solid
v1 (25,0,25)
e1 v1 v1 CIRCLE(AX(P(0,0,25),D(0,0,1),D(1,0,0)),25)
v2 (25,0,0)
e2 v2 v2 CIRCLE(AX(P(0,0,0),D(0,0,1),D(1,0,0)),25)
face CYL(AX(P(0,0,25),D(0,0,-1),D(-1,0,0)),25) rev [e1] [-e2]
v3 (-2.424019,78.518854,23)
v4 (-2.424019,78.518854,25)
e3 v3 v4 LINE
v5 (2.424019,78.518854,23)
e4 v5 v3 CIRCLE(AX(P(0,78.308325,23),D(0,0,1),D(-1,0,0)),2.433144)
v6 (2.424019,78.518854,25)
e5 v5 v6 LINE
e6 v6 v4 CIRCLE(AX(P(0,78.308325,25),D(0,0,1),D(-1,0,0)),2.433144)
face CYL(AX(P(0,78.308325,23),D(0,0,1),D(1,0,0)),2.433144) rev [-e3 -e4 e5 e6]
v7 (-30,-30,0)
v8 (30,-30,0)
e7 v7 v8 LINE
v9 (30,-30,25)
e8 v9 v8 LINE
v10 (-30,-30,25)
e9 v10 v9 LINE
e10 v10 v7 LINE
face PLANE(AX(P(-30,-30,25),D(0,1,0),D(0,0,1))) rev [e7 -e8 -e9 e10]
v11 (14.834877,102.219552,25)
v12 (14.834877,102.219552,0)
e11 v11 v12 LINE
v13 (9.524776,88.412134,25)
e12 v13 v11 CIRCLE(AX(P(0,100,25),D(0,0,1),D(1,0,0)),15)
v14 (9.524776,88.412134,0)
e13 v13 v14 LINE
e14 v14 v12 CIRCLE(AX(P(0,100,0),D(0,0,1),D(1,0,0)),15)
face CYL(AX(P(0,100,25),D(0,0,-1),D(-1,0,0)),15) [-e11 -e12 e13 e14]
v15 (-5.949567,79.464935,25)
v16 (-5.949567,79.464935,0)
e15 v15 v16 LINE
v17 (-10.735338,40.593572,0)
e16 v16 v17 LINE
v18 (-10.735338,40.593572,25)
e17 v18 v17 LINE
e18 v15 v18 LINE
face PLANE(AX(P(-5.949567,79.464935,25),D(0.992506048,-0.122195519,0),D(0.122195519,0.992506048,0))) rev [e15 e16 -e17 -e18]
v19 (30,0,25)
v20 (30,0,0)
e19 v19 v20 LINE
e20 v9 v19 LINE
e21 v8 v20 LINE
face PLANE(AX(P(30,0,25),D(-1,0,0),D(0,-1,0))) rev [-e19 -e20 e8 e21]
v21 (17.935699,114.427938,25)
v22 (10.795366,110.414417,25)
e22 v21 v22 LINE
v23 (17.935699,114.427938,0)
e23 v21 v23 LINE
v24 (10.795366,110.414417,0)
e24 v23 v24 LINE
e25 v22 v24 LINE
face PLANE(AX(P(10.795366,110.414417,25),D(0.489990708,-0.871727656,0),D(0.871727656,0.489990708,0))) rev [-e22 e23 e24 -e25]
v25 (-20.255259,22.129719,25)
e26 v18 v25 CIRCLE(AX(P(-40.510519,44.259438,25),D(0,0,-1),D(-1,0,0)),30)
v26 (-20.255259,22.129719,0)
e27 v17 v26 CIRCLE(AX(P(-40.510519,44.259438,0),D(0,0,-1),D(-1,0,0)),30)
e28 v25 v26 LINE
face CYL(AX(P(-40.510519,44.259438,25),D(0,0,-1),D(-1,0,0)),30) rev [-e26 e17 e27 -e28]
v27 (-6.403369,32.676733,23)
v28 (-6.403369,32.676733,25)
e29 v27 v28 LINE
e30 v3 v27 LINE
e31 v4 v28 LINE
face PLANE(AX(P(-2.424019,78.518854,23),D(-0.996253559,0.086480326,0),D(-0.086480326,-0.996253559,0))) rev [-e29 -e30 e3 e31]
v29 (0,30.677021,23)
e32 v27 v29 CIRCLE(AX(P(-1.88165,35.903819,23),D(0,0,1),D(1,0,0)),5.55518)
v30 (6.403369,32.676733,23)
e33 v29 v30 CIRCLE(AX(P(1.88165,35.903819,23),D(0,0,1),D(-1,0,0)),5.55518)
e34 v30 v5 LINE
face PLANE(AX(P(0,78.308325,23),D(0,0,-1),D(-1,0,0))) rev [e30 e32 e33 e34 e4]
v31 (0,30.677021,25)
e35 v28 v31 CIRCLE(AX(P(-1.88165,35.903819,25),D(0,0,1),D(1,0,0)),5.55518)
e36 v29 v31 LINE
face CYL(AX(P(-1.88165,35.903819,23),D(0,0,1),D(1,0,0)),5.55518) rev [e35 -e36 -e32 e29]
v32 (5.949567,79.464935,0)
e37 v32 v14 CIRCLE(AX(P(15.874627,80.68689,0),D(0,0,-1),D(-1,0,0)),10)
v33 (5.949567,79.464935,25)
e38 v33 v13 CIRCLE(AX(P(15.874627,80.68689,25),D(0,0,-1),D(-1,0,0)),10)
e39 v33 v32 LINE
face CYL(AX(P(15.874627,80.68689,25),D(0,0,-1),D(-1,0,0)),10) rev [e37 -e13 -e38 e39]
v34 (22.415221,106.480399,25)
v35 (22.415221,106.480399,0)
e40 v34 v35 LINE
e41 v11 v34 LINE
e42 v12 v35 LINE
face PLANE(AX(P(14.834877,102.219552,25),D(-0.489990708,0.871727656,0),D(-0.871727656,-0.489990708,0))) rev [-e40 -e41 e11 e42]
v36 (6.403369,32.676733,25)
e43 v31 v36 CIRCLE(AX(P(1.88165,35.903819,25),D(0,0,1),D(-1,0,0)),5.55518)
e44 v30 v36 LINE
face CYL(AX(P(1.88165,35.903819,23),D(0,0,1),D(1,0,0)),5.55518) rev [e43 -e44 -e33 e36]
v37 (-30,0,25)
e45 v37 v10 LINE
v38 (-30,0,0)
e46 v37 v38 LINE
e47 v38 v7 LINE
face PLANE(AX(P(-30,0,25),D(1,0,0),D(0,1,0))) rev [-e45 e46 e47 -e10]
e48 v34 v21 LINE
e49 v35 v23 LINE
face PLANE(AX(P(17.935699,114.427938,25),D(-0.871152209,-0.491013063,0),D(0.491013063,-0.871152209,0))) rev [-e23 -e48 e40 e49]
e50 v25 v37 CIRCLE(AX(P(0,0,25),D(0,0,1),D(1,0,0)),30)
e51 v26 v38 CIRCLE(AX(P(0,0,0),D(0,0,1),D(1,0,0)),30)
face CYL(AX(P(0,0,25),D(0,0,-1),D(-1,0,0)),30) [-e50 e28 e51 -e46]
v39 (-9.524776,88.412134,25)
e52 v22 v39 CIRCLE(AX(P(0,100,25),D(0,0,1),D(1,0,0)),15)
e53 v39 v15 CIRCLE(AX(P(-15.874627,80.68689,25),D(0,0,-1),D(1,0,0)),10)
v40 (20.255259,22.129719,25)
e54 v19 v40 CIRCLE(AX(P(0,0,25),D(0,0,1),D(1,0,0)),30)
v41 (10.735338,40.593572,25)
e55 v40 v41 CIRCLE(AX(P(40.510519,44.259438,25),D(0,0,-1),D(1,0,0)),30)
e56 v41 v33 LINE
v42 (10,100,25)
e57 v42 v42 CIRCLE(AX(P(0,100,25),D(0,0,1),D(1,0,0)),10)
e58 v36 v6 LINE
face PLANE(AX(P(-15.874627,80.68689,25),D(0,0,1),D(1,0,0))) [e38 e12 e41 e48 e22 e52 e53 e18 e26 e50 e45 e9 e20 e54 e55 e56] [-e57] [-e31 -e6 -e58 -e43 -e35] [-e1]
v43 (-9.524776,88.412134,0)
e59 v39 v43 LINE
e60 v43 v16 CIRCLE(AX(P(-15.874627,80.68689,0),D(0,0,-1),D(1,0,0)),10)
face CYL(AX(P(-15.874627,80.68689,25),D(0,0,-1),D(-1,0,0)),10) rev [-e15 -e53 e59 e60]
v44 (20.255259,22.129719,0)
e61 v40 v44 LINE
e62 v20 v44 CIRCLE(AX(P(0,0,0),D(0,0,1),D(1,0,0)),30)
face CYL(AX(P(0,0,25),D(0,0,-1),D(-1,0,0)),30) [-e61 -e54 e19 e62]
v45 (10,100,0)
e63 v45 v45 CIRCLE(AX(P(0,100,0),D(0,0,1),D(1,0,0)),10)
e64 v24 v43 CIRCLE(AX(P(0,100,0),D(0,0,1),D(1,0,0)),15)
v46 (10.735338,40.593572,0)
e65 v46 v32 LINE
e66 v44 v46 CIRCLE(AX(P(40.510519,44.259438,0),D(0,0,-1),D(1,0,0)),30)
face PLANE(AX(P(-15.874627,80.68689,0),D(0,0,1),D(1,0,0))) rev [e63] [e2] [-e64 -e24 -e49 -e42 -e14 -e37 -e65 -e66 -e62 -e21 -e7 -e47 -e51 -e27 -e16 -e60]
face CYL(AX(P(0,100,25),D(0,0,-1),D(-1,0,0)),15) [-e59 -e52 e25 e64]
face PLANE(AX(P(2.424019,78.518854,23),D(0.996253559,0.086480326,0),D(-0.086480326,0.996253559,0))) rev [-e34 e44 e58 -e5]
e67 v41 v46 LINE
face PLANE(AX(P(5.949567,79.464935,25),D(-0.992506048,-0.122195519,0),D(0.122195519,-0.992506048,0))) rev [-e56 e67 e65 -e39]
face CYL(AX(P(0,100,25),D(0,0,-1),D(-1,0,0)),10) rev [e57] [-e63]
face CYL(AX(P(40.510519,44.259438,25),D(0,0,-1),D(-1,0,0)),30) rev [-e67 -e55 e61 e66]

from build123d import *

# Parameters (mm, degrees)
SKETCH1_R           = 25
SKETCH1_R_2         = 10
BOSS_EXTRUDE1_DEPTH = 25
CUT_EXTRUDE1_DEPTH  = 2


with BuildPart() as part:
    # Sketch1 → Boss-Extrude1 (new body)
    with BuildSketch(Plane.XY):
        with BuildLine():
            Line((-5.9495669, 79.464935133), (-10.735337561, 40.593572422))
            ThreePointArc((-10.735337561, 40.593572422), (-13.846128401, 30.51133724), (-20.2552595, 22.12971899))
            ThreePointArc((-20.2552595, 22.12971899), (-27.455944575, 12.090124379), (-30, 0))
            Line((-30, 0), (-30, -30))
            Line((-30, -30), (30, -30))
            Line((30, -30), (30, 0))
            ThreePointArc((30, 0), (27.455944575, 12.090124379), (20.2552595, 22.12971899))
            ThreePointArc((20.2552595, 22.12971899), (13.846128401, 30.51133724), (10.735337561, 40.593572422))
            Line((10.735337561, 40.593572422), (5.9495669, 79.464935133))
            ThreePointArc((5.9495669, 79.464935133), (6.588547568, 84.397513141), (9.524776428, 88.412134191))
            ThreePointArc((9.524776428, 88.412134191), (14.000335083, 94.615706401), (14.834877403, 102.219552307))
            Line((14.834877403, 102.219552307), (22.415220632, 106.480398828))
            Line((22.415220632, 106.480398828), (17.935698756, 114.427937641))
            Line((17.935698756, 114.427937641), (10.795365576, 110.41441703))
            ThreePointArc((10.795365576, 110.41441703), (-11.019469666, 110.176997999), (-9.524776428, 88.412134191))
            ThreePointArc((-9.524776428, 88.412134191), (-6.588547568, 84.397513141), (-5.9495669, 79.464935133))
        make_face()
        Circle(SKETCH1_R, mode=Mode.SUBTRACT)
        with Locations((0, 100)):
            Circle(SKETCH1_R_2, mode=Mode.SUBTRACT)
    extrude(amount=BOSS_EXTRUDE1_DEPTH)

    # Sketch2 → Cut-Extrude1 (cut)
    with BuildSketch(Plane.XY.offset(25)):
        with BuildLine():
            Line((-2.424018912, 78.51885418), (-6.403368912, 32.676732655))
            ThreePointArc((-6.403368912, 32.676732655), (-3.537609758, 30.601194917), (0, 30.677021255))
            ThreePointArc((0, 30.677021255), (3.537609758, 30.601194917), (6.403368912, 32.676732655))
            Line((6.403368912, 32.676732655), (2.424018912, 78.51885418))
            ThreePointArc((2.424018912, 78.51885418), (0, 80.741469231), (-2.424018912, 78.51885418))
        make_face()
    extrude(amount=-CUT_EXTRUDE1_DEPTH, mode=Mode.SUBTRACT)


solid = part.part
